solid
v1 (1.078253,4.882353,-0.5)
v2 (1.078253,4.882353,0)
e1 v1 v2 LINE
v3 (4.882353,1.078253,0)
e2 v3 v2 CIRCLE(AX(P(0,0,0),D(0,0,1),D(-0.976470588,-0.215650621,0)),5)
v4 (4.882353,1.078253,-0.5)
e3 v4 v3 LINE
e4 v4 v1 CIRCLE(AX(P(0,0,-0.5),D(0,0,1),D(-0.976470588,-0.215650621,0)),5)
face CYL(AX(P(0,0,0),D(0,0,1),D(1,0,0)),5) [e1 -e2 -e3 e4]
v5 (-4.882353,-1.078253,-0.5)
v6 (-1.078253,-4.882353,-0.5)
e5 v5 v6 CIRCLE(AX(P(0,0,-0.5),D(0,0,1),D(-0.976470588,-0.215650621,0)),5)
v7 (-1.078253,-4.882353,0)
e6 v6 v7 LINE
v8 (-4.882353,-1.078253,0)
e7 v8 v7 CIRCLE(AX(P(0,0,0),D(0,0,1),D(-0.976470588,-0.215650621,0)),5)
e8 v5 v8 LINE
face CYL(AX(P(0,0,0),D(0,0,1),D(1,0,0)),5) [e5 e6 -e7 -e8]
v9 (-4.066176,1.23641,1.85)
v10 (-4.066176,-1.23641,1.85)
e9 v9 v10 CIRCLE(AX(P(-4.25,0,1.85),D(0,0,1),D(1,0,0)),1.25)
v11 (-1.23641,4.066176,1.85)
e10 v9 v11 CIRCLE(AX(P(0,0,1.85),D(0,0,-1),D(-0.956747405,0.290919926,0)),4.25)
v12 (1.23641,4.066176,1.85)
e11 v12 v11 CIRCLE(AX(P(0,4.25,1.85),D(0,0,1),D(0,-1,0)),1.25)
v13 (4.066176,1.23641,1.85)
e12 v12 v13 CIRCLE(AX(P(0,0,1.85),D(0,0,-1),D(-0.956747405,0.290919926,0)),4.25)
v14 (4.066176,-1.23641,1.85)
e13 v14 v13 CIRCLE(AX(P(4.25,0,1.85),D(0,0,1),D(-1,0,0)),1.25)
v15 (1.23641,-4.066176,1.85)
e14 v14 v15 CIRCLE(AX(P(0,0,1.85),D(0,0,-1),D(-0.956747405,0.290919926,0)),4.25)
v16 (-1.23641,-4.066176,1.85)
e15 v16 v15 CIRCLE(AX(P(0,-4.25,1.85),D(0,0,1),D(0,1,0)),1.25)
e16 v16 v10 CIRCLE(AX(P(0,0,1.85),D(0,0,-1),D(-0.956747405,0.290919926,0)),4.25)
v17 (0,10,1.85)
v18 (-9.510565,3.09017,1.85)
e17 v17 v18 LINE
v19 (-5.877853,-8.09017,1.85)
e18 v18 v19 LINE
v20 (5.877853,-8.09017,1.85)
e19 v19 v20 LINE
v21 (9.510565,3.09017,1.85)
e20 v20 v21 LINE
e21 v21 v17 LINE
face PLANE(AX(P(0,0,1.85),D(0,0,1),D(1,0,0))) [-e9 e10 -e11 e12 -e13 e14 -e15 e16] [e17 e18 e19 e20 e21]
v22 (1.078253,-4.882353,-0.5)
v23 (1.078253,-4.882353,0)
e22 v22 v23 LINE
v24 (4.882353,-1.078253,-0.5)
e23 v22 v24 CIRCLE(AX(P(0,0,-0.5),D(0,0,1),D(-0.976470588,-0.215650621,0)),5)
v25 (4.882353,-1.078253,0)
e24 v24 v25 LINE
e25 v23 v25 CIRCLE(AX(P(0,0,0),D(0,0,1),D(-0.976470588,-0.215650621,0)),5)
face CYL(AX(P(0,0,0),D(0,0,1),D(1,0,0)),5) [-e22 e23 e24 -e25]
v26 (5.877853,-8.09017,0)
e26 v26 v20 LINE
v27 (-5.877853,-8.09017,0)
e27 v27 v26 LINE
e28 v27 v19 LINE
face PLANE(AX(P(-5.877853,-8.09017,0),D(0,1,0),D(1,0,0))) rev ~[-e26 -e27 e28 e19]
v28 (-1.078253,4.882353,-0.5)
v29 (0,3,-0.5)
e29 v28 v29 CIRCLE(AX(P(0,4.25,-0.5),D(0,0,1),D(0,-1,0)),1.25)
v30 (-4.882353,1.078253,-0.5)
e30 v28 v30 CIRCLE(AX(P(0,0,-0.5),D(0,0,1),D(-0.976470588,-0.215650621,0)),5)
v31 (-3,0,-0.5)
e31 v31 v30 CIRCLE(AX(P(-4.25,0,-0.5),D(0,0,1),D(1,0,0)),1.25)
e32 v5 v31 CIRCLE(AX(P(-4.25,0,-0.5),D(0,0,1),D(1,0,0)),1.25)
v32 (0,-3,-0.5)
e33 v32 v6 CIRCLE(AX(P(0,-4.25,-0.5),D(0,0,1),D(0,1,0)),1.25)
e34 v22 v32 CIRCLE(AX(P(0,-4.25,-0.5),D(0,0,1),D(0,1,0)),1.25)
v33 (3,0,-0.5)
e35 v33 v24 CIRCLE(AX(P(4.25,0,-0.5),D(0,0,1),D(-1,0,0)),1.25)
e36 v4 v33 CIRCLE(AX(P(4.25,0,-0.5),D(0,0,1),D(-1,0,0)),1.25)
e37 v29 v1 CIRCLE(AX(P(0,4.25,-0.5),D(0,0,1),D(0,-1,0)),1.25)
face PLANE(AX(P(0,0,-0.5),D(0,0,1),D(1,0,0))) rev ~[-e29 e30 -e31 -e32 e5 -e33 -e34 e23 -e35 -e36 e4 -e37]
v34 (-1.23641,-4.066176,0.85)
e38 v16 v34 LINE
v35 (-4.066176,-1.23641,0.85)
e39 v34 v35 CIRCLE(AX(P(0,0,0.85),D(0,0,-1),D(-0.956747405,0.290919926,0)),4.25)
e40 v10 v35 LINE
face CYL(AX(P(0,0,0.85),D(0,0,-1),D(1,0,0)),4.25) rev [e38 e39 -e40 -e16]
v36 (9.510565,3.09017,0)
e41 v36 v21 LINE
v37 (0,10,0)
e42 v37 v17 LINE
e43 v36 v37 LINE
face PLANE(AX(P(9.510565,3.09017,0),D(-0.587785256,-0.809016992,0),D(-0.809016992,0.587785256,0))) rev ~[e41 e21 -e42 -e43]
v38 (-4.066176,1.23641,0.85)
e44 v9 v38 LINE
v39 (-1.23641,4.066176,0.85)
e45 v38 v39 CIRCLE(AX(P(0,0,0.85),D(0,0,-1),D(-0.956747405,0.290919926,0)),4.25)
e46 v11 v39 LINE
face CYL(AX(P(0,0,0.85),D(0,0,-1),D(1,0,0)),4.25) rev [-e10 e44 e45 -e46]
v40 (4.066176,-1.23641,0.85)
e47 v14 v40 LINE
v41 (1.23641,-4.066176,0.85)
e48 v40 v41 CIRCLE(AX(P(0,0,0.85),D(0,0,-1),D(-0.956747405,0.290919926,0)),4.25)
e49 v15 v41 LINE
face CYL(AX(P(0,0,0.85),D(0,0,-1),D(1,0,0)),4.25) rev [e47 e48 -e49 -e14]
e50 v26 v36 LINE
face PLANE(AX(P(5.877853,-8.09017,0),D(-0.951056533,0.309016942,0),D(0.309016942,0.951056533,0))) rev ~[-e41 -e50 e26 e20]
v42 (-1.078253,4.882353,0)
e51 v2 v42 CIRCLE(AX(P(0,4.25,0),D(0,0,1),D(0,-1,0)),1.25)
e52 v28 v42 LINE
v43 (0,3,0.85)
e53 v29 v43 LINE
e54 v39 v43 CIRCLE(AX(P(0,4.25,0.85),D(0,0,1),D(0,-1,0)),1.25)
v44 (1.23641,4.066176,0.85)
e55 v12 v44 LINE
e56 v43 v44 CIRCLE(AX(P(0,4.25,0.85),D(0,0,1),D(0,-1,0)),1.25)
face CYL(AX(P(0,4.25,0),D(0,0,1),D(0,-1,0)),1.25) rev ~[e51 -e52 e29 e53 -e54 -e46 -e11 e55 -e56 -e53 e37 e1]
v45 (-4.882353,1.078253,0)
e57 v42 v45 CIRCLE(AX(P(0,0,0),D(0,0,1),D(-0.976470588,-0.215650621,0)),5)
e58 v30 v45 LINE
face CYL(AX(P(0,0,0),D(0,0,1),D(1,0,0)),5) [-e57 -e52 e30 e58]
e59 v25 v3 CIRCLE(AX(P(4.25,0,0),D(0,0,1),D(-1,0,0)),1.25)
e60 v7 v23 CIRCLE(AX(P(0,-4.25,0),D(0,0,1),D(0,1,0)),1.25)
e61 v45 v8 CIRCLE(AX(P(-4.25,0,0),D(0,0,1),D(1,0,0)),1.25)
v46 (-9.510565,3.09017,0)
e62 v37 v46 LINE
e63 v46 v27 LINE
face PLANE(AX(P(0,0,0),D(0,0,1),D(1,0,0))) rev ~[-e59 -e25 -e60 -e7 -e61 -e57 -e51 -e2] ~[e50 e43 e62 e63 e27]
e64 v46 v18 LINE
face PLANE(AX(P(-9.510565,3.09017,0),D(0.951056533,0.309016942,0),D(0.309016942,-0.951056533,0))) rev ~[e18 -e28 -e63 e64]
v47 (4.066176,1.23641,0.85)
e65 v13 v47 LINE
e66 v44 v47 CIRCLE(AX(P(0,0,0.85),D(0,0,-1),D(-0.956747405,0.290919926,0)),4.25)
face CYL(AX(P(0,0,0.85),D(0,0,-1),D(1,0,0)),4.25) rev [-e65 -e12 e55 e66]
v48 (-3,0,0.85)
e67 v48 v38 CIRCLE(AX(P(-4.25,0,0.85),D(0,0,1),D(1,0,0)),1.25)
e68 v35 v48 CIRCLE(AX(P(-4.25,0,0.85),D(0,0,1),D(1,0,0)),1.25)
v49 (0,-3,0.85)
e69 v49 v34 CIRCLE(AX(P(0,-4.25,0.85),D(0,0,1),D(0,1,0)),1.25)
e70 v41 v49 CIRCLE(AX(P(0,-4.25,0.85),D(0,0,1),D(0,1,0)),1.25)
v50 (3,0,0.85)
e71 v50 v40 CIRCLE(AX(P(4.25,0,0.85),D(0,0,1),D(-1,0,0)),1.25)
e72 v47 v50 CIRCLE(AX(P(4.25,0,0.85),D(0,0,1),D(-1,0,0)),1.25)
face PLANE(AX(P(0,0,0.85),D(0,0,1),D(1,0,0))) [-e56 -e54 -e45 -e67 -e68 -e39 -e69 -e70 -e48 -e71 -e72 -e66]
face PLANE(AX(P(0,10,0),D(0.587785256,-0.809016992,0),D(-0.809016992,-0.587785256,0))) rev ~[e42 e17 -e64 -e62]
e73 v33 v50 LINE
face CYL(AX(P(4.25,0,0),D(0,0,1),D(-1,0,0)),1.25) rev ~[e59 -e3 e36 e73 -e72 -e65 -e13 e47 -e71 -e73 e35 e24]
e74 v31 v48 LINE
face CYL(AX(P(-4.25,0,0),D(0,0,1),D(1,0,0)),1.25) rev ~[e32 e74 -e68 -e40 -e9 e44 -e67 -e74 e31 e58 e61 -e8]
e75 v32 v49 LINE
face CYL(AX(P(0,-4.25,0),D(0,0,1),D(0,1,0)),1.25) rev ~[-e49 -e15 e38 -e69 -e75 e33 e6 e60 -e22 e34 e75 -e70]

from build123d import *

# Parameters (mm, degrees)
SKETCH_R           = 10
SKETCH_W           = 14.142136
SKETCH_H           = 14.142136
PAD_DEPTH          = 1.85
SKETCH001_W        = 40
SKETCH001_H        = 320
POCKET_DEPTH       = 100
POCKET_DEPTH_BACK  = 100
POCKET002_START    = 0.85
SKETCH003_R        = 4.25
POCKET002_DEPTH    = 99.15
SKETCH004_R        = 5
PAD001_DEPTH       = 0.5
SKETCH002_R        = 1.25
POCKET001_DEPTH    = 50
POLARPATTERN_COUNT = 4


with BuildPart() as part:
    # Sketch → Pad (new body)
    with BuildSketch(Plane.XY):
        with Locations((0, 40)):
            Circle(SKETCH_R)
        Polygon((0, 90), (-8.660254, 75), (8.660254, 75), align=None)
        with Locations((0, 120)):
            Rectangle(SKETCH_W, SKETCH_H)
        Polygon((0, 10), (-9.510565, 3.09017), (-5.877853, -8.09017), (5.877853, -8.09017), (9.510565, 3.09017), align=None)
        Polygon((-8.660254, 205), (-8.660254, 195), (0, 190), (8.660254, 195), (8.660254, 205), (0, 210), align=None)
    extrude(amount=PAD_DEPTH)

    # Sketch001 → Pocket (cut, two sides)
    with BuildSketch(Plane.XY) as pocket_sk:
        with Locations((0, 180.01)):
            Rectangle(SKETCH001_W, SKETCH001_H)
    extrude(amount=POCKET_DEPTH, mode=Mode.SUBTRACT)
    extrude(pocket_sk.sketch, amount=-POCKET_DEPTH_BACK, mode=Mode.SUBTRACT)

    # Sketch003 → Pocket002 (cut)
    with BuildSketch(Plane.XY.offset(POCKET002_START)):
        Circle(SKETCH003_R)
    extrude(amount=POCKET002_DEPTH, mode=Mode.SUBTRACT)

    # Sketch004 → Pad001 (join)
    with BuildSketch(Plane.XY):
        Circle(SKETCH004_R)
    extrude(amount=-PAD001_DEPTH)

    # Sketch002 → Pocket001 (cut, symmetric)
    with BuildSketch(Plane.XY):
        with Locations((-4.25, 0)):
            Circle(SKETCH002_R)
    pocket001 = extrude(amount=POCKET001_DEPTH, both=True, mode=Mode.SUBTRACT)

    # PolarPattern: Pocket001 ×4 about axis
    polarpattern_axis = Axis((0, 0, 0), (0, 0, 1))
    for i in range(1, POLARPATTERN_COUNT):
        add(pocket001.rotate(polarpattern_axis, i * 360 / POLARPATTERN_COUNT), mode=Mode.SUBTRACT)


solid = part.part
